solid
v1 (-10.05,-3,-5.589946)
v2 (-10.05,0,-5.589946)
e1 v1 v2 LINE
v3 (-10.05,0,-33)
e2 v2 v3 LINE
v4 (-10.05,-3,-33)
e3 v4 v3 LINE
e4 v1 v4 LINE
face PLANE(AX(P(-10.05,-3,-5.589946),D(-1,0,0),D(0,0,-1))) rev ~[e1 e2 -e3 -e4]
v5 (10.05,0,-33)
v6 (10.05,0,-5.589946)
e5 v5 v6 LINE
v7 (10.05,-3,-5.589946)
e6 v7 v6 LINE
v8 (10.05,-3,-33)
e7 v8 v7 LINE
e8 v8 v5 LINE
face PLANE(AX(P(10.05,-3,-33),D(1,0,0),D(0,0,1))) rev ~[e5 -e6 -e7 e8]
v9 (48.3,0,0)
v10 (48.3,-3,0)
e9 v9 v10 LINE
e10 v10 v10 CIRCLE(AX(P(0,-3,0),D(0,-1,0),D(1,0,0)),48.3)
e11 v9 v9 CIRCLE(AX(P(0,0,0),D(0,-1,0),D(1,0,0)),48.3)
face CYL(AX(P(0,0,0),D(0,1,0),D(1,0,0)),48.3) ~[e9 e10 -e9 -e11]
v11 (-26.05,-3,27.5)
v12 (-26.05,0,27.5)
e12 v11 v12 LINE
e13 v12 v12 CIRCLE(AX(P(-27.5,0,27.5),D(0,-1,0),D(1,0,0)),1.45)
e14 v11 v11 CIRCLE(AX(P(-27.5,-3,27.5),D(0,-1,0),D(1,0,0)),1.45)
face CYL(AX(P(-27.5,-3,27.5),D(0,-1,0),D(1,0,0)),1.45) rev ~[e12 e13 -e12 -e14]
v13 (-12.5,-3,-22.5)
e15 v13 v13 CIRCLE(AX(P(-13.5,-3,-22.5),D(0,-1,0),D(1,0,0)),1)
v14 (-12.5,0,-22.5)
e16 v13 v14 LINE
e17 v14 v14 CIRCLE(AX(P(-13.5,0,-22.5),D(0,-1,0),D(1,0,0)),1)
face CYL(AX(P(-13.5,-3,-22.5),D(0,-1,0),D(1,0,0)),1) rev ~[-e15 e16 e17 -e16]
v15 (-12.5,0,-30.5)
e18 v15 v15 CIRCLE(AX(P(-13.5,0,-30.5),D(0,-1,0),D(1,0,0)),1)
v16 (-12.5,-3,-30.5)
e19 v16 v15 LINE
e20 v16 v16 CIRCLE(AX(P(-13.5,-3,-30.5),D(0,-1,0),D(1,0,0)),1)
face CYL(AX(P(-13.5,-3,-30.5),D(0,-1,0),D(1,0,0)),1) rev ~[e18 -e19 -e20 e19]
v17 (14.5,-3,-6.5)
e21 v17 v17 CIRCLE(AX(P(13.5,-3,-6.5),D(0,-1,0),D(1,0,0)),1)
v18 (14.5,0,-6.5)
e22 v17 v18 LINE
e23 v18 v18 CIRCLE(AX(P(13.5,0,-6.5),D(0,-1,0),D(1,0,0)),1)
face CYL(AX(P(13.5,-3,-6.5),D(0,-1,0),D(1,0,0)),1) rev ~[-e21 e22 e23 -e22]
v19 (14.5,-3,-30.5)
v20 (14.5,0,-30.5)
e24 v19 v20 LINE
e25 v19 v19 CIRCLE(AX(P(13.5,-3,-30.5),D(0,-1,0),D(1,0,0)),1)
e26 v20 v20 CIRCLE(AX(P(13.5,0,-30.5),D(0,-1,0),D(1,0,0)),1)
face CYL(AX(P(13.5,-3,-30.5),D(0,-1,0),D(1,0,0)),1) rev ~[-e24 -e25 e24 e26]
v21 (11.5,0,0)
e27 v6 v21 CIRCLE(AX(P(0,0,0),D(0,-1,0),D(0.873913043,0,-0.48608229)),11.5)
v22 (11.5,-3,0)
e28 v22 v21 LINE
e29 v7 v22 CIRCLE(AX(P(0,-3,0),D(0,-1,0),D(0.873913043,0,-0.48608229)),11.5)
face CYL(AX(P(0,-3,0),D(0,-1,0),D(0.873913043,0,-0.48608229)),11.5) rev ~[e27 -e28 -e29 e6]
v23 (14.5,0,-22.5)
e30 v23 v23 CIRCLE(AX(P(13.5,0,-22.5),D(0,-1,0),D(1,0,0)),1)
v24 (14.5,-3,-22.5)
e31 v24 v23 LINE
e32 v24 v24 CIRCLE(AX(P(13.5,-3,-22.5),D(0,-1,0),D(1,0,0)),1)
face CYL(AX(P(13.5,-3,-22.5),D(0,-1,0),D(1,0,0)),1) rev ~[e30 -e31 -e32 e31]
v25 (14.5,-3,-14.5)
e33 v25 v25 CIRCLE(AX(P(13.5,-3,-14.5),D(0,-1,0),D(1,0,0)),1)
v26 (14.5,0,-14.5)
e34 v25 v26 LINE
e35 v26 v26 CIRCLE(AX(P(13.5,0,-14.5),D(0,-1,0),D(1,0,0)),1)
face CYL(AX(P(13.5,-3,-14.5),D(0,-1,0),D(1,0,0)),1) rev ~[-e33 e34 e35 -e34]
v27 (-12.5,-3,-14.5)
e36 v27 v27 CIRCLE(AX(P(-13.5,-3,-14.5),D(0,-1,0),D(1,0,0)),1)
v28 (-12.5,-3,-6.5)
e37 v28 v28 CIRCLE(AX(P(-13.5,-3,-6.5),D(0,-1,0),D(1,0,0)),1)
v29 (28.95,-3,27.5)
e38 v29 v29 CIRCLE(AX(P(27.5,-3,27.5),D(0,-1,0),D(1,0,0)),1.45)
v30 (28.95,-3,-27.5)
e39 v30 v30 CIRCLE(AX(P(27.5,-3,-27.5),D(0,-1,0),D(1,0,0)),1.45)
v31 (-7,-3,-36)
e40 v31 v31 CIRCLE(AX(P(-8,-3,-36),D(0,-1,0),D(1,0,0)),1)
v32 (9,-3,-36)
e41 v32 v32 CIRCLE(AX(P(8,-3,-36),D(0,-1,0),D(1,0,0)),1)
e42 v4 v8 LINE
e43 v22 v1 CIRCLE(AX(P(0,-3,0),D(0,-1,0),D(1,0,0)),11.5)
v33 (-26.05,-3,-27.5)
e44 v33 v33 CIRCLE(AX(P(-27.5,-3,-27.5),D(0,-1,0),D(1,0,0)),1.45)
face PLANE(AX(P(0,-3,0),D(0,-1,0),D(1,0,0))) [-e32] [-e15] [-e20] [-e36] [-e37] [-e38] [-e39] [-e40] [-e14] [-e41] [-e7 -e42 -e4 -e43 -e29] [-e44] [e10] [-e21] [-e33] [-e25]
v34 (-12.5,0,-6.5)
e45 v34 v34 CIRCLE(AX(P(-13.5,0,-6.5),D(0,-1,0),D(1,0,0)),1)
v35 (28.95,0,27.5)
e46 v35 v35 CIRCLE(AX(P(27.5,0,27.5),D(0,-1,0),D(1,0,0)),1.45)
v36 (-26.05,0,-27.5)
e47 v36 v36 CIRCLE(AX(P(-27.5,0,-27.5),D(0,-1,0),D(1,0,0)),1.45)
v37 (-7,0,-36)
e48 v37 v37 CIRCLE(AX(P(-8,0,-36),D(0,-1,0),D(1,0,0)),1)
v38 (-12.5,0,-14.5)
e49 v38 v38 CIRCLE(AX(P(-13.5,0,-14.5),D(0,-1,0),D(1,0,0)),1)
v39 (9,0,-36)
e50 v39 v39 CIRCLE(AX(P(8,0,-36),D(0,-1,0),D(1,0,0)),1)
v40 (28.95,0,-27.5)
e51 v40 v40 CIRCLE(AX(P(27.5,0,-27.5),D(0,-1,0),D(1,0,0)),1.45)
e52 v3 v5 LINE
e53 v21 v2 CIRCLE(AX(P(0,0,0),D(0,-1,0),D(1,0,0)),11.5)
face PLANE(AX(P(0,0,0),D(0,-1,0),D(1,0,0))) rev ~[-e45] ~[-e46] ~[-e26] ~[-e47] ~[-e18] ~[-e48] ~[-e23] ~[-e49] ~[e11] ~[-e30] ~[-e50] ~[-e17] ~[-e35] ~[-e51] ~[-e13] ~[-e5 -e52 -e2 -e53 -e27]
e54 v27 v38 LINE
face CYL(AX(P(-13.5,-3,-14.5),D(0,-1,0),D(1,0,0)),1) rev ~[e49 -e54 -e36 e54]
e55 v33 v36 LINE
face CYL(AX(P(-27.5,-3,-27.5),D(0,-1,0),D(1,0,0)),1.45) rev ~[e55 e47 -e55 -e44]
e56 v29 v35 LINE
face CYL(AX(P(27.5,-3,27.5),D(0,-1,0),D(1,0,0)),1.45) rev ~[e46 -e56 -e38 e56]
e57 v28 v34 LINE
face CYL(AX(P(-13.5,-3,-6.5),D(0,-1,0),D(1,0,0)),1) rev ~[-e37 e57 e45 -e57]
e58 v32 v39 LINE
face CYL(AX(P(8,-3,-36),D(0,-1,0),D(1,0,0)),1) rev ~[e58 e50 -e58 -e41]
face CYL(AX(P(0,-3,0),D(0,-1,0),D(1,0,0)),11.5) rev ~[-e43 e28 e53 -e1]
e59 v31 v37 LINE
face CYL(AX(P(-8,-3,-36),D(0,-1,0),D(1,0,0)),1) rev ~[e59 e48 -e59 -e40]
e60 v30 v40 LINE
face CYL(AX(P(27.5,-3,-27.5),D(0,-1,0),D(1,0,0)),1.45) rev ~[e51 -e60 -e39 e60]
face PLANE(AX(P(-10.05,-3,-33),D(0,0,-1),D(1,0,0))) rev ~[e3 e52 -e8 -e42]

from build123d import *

# Parameters (mm, degrees)
F0_R     = 48.3
F1_DEPTH = 3
F2_R     = 1.25
F2_R_2   = 2.5
F3_DEPTH = 3.001
F4_R     = 1.45
F5_DEPTH = 3.001
F6_R     = 1
F7_DEPTH = 3.001


with BuildPart() as f1:
    # F0 (on Front) → F1 (new body)
    with BuildSketch(Plane.XZ):
        Circle(F0_R)
    extrude(amount=F1_DEPTH)

    # F2 (on face) → F3 (cut, through all)
    with BuildSketch(Plane.XZ.offset(3)):
        with Locations((-8, 0)):
            Circle(F2_R)
        with Locations((8, 0)):
            Circle(F2_R)
        Circle(F2_R_2)
    extrude(amount=-F3_DEPTH, mode=Mode.SUBTRACT)

    # F4 (on face) → F5 (cut, through all)
    with BuildSketch(Plane.XZ.offset(3)):
        with Locations((-27.5, 27.5)):
            Circle(F4_R)
        with Locations((27.5, 27.5)):
            Circle(F4_R)
        with Locations((-27.5, -27.5)):
            Circle(F4_R)
        with Locations((27.5, -27.5)):
            Circle(F4_R)
    extrude(amount=-F5_DEPTH, mode=Mode.SUBTRACT)

    # F6 (on face) → F7 (cut, through all)
    with BuildSketch(Plane.XZ.offset(3)):
        with BuildLine():
            Line((-10.05, -33), (10.05, -33))
            Line((10.05, -33), (10.05, -5.5899463325))
            ThreePointArc((10.05, -5.5899463325), (0, -11.5), (-10.05, -5.5899463325))
            Line((-10.05, -5.5899463325), (-10.05, -33))
        make_face()
        with BuildLine():
            ThreePointArc((-10.05, -5.5899463325), (0, -11.5), (10.05, -5.5899463325))
            Line((10.05, -5.5899463325), (10.05, 0))
            Line((10.05, 0), (-10.05, 0))
            Line((-10.05, 0), (-10.05, -5.5899463325))
        make_face()
        with BuildLine():
            Line((10.05, 0), (10.05, -5.5899463325))
            ThreePointArc((10.05, -5.5899463325), (11.1315991663, -2.8874729436), (11.5, 0))
            ThreePointArc((11.5, 0), (-2.8874729436, 11.1315991663), (-10.05, -5.5899463325))
            Line((-10.05, -5.5899463325), (-10.05, 0))
            Line((-10.05, 0), (10.05, 0))
        make_face()
        with Locations((-13.5, -6.5)):
            Circle(F6_R)
        with Locations((-13.5, -14.5)):
            Circle(F6_R)
        with Locations((-13.5, -22.5)):
            Circle(F6_R)
        with Locations((-13.5, -30.5)):
            Circle(F6_R)
        with Locations((13.5, -6.5)):
            Circle(F6_R)
        with Locations((13.5, -14.5)):
            Circle(F6_R)
        with Locations((13.5, -22.5)):
            Circle(F6_R)
        with Locations((13.5, -30.5)):
            Circle(F6_R)
        with Locations((-8, -36)):
            Circle(F6_R)
        with Locations((8, -36)):
            Circle(F6_R)
    extrude(amount=-F7_DEPTH, mode=Mode.SUBTRACT)


solid = f1.part
